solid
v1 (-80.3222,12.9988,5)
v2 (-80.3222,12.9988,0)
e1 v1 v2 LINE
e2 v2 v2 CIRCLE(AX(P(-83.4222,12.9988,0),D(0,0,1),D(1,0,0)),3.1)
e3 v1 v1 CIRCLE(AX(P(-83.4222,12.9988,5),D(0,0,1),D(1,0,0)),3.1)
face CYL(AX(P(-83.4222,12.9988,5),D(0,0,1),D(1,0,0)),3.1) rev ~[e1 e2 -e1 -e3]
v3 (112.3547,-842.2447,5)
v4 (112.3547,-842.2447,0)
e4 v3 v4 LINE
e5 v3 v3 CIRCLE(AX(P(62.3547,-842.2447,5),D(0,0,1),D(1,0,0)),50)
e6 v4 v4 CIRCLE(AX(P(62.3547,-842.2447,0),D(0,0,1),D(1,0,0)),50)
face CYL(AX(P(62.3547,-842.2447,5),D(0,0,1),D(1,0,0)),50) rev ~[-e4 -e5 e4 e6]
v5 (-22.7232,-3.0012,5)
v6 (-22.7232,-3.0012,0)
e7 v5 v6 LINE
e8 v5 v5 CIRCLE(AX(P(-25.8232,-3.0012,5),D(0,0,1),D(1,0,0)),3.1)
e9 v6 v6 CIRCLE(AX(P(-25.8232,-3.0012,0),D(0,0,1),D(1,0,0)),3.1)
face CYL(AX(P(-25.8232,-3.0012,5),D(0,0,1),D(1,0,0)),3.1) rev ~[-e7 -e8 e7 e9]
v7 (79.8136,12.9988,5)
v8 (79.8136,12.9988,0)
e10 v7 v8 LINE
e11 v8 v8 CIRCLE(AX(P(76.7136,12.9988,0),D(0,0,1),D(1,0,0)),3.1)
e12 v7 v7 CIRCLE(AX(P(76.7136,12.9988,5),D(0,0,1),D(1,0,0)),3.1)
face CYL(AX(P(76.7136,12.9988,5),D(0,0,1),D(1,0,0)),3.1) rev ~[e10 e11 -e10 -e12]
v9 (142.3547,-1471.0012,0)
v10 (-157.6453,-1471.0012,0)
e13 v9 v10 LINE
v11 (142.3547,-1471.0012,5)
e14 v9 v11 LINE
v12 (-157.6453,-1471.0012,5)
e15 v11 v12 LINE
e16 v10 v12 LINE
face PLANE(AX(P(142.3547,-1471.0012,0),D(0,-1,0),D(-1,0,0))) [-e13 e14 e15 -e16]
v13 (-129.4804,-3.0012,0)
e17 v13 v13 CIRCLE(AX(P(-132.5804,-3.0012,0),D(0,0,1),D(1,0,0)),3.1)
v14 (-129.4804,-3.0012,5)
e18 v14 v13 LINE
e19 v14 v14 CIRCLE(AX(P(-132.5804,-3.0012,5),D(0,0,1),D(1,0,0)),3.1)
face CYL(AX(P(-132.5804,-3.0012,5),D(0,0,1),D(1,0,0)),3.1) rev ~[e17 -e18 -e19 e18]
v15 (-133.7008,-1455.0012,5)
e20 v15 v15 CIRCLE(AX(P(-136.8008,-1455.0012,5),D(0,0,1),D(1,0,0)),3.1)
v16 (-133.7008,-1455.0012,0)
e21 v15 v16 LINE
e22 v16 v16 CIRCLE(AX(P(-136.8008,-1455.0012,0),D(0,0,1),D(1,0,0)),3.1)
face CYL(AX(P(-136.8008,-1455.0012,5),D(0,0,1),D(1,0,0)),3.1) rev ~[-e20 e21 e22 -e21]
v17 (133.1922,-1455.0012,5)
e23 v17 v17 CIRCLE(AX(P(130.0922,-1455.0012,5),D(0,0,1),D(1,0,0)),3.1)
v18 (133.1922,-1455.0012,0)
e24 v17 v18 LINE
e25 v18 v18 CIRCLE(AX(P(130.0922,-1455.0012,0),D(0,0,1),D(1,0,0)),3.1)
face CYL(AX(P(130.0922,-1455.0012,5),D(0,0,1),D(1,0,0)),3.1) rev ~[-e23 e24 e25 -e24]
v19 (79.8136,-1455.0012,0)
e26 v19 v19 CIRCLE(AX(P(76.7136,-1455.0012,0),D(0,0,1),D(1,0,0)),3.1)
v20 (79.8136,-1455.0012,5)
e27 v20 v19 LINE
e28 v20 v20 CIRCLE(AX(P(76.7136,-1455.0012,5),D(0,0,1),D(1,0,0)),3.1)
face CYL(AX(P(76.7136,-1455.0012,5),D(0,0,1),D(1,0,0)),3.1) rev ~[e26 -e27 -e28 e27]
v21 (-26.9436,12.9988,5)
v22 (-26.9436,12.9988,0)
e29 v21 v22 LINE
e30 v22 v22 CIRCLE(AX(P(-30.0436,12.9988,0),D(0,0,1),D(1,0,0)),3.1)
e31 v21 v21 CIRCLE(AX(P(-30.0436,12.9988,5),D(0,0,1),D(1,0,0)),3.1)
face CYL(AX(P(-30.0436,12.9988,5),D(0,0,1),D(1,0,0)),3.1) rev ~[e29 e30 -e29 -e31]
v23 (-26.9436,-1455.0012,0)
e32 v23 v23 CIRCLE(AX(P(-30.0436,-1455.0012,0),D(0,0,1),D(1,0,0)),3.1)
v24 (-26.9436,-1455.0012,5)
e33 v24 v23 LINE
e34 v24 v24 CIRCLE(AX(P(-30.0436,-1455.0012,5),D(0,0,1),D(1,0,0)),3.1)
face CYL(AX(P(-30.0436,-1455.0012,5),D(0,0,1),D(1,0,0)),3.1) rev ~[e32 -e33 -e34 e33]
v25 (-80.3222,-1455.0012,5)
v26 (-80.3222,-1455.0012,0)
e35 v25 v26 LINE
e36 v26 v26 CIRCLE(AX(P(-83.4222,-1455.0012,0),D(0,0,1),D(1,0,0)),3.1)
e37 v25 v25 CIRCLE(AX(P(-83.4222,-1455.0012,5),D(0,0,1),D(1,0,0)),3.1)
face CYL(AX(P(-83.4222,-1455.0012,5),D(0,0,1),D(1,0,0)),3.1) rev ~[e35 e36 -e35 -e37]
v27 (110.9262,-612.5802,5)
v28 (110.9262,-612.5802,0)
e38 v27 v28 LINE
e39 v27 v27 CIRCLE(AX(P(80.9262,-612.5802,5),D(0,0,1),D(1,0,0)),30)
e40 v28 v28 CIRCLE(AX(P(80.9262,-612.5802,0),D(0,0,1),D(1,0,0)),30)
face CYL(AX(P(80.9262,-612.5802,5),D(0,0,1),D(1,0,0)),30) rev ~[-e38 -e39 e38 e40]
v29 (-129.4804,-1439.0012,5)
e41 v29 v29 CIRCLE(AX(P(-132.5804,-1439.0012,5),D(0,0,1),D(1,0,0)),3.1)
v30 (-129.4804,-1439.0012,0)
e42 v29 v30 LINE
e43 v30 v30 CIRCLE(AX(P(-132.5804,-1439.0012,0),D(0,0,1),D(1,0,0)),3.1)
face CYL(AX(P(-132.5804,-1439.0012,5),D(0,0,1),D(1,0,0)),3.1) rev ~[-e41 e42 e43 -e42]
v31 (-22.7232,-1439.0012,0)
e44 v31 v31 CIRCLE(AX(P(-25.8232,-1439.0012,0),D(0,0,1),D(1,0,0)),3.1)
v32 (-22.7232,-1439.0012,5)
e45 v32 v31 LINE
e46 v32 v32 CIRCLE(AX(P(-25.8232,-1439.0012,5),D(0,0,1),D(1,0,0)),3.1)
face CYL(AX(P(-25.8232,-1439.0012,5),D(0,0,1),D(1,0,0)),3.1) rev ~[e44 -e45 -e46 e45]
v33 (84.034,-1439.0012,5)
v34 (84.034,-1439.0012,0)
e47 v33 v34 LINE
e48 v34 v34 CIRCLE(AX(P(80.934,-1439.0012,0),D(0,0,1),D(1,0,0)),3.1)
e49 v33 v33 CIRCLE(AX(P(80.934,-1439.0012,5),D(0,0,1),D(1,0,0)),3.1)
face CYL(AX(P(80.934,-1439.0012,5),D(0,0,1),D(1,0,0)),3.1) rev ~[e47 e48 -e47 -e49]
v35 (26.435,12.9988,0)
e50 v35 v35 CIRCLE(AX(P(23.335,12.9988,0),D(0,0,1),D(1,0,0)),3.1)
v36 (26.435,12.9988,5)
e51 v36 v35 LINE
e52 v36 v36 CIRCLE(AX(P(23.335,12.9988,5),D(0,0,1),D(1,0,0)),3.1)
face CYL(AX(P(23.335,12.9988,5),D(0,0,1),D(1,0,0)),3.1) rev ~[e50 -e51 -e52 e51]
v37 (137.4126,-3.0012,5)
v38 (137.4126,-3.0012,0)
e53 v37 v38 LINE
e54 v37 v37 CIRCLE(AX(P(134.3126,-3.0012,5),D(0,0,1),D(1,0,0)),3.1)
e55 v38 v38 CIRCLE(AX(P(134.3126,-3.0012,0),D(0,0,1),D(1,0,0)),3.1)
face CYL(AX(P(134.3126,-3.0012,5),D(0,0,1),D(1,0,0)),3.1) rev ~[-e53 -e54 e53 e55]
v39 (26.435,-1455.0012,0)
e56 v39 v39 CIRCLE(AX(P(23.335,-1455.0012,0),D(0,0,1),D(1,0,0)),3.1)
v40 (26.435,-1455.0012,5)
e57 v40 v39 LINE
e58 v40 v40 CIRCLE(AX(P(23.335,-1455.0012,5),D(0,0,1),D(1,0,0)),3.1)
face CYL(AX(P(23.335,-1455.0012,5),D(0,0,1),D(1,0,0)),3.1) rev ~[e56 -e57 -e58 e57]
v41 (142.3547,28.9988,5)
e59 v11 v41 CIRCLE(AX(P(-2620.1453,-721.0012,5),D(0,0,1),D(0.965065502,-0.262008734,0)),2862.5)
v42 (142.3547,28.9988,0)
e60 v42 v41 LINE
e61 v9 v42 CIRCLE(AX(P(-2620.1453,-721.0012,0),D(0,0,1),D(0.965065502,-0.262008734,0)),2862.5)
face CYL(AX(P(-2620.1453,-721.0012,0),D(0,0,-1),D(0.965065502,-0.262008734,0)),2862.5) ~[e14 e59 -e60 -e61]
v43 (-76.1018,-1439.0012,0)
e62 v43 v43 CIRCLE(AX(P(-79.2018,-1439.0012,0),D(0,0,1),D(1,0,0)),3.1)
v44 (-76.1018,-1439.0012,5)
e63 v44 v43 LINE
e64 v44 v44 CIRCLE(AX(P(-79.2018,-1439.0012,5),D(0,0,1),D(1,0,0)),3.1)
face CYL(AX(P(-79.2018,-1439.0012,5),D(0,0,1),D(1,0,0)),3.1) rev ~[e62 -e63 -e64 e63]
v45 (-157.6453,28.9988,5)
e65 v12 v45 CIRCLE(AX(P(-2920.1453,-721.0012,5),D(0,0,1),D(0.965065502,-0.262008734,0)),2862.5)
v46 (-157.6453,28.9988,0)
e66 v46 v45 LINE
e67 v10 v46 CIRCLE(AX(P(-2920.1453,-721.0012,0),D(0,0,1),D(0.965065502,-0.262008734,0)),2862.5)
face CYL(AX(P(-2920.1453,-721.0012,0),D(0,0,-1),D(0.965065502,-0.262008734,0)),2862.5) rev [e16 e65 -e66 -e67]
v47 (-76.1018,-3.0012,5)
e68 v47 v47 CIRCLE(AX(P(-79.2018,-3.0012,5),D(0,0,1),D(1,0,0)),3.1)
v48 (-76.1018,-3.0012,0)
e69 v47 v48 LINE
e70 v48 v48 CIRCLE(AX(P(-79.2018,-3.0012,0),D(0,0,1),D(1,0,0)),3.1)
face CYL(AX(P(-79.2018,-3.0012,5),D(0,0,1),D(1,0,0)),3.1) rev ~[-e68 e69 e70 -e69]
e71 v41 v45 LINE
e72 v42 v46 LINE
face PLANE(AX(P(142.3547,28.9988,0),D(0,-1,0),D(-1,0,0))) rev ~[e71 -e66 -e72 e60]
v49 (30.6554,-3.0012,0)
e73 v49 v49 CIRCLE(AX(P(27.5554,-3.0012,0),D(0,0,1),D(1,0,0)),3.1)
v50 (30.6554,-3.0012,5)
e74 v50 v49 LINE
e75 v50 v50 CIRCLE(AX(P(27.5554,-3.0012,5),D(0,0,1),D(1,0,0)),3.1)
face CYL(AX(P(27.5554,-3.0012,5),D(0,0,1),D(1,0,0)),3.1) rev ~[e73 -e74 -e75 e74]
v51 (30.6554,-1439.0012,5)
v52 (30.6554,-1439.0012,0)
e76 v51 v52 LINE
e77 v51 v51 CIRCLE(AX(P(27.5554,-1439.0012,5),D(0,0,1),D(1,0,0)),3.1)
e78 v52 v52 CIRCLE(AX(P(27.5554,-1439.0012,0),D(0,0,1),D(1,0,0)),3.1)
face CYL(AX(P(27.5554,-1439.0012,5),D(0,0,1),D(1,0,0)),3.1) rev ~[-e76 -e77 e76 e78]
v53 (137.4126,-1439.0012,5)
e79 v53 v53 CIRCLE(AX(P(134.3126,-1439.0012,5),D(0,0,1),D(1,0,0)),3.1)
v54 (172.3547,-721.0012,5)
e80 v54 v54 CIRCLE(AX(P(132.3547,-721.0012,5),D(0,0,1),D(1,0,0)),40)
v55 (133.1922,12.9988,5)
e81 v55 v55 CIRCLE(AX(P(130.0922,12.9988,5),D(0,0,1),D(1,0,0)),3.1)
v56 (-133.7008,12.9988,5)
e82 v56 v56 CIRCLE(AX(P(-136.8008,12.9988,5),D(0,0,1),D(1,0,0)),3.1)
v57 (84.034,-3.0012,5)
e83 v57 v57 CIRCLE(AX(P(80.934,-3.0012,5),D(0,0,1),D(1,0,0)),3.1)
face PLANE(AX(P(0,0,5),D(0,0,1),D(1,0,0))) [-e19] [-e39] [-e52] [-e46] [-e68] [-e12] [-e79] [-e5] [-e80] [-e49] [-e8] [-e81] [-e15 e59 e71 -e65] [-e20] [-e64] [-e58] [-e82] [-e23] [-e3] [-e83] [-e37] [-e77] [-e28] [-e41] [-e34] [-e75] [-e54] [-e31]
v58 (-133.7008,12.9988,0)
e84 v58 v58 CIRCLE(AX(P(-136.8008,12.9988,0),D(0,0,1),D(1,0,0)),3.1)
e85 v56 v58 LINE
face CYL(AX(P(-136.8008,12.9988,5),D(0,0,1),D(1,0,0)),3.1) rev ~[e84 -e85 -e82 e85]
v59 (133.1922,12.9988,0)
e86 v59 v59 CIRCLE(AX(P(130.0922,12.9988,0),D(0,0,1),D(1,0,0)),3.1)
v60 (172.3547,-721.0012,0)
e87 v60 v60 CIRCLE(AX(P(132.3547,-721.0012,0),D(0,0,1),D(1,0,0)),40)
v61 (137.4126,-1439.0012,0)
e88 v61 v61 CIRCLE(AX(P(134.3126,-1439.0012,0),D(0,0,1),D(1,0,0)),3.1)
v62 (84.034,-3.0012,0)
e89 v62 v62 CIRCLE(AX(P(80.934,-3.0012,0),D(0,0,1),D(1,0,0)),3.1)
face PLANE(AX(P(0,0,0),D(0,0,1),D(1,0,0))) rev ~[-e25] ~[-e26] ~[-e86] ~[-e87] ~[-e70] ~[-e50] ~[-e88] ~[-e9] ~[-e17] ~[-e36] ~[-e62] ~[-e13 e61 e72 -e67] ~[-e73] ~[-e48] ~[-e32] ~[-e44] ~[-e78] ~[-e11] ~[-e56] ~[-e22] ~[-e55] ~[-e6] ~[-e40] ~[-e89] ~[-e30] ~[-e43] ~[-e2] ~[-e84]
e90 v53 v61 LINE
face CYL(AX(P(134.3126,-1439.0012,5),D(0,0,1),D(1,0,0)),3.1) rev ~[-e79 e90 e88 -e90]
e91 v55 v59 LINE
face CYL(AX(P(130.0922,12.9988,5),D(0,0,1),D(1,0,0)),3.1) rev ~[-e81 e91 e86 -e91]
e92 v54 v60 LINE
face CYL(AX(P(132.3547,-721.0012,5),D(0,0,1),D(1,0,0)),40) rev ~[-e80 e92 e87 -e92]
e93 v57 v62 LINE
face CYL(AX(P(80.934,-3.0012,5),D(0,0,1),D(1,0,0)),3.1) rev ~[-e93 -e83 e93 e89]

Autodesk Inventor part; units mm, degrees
ref_plane "YZ Plane" through (0, 0, 0) normal (1, 0, 0) x (0, 1, 0)
ref_plane "XZ Plane" through (0, 0, 0) normal (0, 1, 0) x (-1, 0, 0)
ref_plane "XY Plane" through (0, 0, 0) normal (0, 0, 1) x (1, 0, 0)
ref_plane "Work Plane1" through (0, 0, 0) normal (0, 0, 1) x (1, 0, 0)
sketch "Sketch1" plane through (0, 0, 0) normal (0, 0, 1) x (1, 0, 0)
  arc A0 (-157.6453, -1471.0012) -> (-157.6453, 28.9988) centre (-2920.1453, -721.0012) ccw projected
  line L0 (142.3547, 28.9988) -> (-157.6453, 28.9988) projected
  arc A1 (142.3547, -1471.0012) -> (142.3547, 28.9988) centre (-2620.1453, -721.0012) ccw projected
  line L1 (142.3547, -1471.0012) -> (-157.6453, -1471.0012) projected
  point P0 (0, 0)
extrude "Extrusion1" add sketch "Sketch1" along normal blind 5
sketch "Sketch2" plane through (0, 0, 5) normal (0, 0, 1) x (1, 0, 0)
  circle A0 centre (-136.8008, 12.9988) radius 3.1 projected
  circle A1 centre (-132.5804, -3.0012) radius 3.1 projected
  circle A2 centre (-83.4222, 12.9988) radius 3.1 projected
  circle A3 centre (-79.2018, -3.0012) radius 3.1 projected
  circle A4 centre (-30.0436, 12.9988) radius 3.1 projected
  circle A5 centre (-25.8232, -3.0012) radius 3.1 projected
  circle A6 centre (23.335, 12.9988) radius 3.1 projected
  circle A7 centre (27.5554, -3.0012) radius 3.1 projected
  circle A8 centre (76.7136, 12.9988) radius 3.1 projected
  circle A9 centre (80.934, -3.0012) radius 3.1 projected
  circle A10 centre (130.0922, 12.9988) radius 3.1 projected
  circle A11 centre (134.3126, -3.0012) radius 3.1 projected
  circle A12 centre (-132.5804, -1439.0012) radius 3.1 projected
  circle A13 centre (-136.8008, -1455.0012) radius 3.1 projected
  circle A14 centre (-79.2018, -1439.0012) radius 3.1 projected
  circle A15 centre (-83.4222, -1455.0012) radius 3.1 projected
  circle A16 centre (-25.8232, -1439.0012) radius 3.1 projected
  circle A17 centre (-30.0436, -1455.0012) radius 3.1 projected
  circle A18 centre (27.5554, -1439.0012) radius 3.1 projected
  circle A19 centre (23.335, -1455.0012) radius 3.1 projected
  circle A20 centre (80.934, -1439.0012) radius 3.1 projected
  circle A21 centre (76.7136, -1455.0012) radius 3.1 projected
  circle A22 centre (134.3126, -1439.0012) radius 3.1 projected
  circle A23 centre (130.0922, -1455.0012) radius 3.1 projected
  point P0 (0, 0)
extrude "Extrusion2" cut sketch "Sketch2" against normal blind 5
sketch "Sketch3" plane through (0, 0, 5) normal (0, 0, 1) x (1, 0, 0)
  arc A0 (-61.0788, -861.1613) -> (-61.0788, -580.841) centre (-7.6453, -721.0012) ccw construction
  arc A1 (-60.5809, -850.6076) -> (-60.5809, -591.3948) centre (-7.6453, -721.0012) ccw construction
  circle A2 centre (62.3547, -842.2447) radius 50
  circle A3 centre (132.3547, -721.0012) radius 40
  circle A4 centre (80.9262, -612.5802) radius 30
  circle A5 centre (-13.2241, -710.6475) radius 85.0368
  line L0 (45.6684, -649.3048) -> (60.1495, -634.2212) construction
  line L1 (71.5984, -716.6801) -> (92.4555, -718.1635) construction
  line L2 (132.3547, -721.0012) -> (62.3547, -842.2447) construction
  line L3 (132.3547, -721.0012) -> (80.9262, -612.5802) construction
  line L4 (93.7833, -639.6855) -> (115.2119, -684.8609) construction
  line L5 (112.3547, -755.6422) -> (87.3547, -798.9435) construction
  line L6 (62.3547, -842.2447) -> (-60.5809, -850.6076) construction
  arc A6 (-157.6453, -1471.0012) -> (-157.6453, 28.9988) centre (-2920.1453, -721.0012) ccw construction
  point P0 (0, 0)
  dimension "d9" = 100
  dimension "d8" = 10
  dimension "d10" = 80
  dimension "d11" = 60
  dimension "d12" = 50
extrude "Extrusion3" cut sketch "Sketch3" against normal through all contours A2 | A3 | A4
properties part number "Top_Blade"
